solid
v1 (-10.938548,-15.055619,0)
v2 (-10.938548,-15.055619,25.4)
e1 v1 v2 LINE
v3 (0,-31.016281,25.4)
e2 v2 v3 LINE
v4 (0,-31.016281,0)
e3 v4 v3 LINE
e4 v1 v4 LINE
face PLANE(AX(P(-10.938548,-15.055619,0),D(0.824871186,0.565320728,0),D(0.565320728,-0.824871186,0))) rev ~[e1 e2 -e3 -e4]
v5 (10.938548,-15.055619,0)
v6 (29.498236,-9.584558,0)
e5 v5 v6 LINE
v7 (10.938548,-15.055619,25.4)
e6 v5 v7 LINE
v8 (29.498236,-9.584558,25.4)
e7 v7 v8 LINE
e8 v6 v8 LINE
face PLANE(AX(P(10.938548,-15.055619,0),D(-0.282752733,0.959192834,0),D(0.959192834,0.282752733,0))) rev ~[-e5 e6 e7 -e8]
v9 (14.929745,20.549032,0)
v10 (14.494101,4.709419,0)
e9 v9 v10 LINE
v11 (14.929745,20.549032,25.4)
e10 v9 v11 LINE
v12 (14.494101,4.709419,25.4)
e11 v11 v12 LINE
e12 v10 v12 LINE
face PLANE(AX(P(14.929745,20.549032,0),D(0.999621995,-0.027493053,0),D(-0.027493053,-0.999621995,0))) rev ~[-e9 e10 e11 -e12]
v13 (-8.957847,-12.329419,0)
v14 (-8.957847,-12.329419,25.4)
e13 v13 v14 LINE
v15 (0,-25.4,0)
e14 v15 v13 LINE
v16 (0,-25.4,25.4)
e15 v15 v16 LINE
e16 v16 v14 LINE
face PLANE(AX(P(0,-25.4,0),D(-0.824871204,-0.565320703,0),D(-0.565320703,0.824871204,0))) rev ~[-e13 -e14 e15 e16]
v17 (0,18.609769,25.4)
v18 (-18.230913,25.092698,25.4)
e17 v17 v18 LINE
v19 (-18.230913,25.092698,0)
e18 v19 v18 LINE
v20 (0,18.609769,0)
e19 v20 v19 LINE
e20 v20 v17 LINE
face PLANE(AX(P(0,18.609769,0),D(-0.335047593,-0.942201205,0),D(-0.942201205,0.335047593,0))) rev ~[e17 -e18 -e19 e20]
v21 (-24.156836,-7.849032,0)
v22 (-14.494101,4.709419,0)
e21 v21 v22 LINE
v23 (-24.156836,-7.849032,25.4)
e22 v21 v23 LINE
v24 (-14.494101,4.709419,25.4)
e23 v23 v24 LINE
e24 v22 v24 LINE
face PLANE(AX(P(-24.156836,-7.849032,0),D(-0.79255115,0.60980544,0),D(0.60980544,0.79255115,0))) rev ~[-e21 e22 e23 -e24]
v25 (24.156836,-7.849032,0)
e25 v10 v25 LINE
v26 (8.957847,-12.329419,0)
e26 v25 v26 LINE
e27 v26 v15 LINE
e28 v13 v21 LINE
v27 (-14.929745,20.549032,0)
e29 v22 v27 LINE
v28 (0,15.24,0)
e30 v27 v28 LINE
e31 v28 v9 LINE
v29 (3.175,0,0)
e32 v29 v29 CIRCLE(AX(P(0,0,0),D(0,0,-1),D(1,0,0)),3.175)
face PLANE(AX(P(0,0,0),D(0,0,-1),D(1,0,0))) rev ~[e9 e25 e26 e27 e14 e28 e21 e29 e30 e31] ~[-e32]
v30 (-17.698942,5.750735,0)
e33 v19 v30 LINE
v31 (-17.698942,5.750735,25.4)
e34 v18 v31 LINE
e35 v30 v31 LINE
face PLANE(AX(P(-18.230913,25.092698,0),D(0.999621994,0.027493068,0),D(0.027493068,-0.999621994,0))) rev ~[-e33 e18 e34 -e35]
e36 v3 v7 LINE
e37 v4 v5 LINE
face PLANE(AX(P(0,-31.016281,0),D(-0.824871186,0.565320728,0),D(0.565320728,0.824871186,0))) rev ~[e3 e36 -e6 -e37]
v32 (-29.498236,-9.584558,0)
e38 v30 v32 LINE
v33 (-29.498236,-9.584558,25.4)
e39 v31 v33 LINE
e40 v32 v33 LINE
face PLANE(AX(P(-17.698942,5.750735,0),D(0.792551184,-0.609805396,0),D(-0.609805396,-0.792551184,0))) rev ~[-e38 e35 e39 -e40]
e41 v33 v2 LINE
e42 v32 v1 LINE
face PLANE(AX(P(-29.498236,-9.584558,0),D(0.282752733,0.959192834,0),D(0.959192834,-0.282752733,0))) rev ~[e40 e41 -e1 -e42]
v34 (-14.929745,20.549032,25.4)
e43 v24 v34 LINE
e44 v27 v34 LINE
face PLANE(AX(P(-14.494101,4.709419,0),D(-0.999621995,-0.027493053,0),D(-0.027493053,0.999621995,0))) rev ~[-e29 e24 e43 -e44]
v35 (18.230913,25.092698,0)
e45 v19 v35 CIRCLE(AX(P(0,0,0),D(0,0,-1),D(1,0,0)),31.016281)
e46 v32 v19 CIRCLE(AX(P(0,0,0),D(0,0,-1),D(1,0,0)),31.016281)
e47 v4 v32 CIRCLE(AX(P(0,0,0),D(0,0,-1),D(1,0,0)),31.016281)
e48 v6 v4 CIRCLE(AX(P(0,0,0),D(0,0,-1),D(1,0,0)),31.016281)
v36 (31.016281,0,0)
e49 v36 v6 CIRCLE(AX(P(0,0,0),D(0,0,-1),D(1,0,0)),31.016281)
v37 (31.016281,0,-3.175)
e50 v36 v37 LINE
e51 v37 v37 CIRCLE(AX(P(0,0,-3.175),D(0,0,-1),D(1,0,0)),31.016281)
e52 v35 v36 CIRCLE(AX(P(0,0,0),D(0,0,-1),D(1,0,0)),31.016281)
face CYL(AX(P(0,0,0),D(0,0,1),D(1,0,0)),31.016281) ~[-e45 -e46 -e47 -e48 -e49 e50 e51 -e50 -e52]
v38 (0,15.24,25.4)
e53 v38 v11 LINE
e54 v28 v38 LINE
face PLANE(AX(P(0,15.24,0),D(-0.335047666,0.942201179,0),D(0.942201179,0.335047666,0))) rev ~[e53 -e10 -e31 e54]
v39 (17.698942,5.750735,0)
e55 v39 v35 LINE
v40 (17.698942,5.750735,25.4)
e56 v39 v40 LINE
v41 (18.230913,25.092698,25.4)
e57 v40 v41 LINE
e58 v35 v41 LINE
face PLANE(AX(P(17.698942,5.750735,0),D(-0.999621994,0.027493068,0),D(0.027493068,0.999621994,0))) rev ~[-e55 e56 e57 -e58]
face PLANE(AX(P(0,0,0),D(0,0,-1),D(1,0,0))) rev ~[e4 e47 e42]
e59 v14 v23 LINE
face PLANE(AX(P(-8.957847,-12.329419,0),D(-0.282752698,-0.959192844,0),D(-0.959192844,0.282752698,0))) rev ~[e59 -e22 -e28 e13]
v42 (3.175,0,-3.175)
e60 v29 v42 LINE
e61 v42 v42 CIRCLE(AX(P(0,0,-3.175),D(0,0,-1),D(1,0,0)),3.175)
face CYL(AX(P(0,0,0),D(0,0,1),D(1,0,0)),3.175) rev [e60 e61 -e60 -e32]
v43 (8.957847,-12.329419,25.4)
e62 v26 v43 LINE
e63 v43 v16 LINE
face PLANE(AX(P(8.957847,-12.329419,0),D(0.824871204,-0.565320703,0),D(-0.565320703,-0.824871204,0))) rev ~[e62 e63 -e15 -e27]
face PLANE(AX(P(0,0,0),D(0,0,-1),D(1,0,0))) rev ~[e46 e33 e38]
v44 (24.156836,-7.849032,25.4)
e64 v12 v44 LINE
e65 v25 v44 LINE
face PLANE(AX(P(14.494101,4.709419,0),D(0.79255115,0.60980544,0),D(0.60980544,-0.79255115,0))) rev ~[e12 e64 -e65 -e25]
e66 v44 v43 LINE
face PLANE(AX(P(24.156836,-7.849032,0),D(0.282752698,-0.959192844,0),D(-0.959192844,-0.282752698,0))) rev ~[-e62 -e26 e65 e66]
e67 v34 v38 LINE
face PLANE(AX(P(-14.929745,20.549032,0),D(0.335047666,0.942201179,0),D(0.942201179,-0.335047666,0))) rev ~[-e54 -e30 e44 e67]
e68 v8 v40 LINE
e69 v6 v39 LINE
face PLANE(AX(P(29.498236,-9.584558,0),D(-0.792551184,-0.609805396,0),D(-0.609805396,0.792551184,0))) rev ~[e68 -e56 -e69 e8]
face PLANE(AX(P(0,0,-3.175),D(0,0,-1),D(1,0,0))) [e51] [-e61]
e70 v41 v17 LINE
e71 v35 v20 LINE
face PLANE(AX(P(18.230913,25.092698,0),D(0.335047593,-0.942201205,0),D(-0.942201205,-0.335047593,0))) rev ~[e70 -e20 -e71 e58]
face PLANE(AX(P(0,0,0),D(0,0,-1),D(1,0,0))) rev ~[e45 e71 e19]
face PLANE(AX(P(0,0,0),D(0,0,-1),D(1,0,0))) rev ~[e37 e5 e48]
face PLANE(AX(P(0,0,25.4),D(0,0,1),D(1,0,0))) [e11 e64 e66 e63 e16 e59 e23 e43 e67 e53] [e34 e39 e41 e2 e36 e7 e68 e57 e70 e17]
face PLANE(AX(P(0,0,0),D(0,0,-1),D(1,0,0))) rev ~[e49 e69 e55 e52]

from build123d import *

# Parameters (mm, degrees)
F1_DEPTH = 25.4
F2_R     = 31.016281
F2_R_2   = 3.175
F3_DEPTH = 3.175


with BuildPart() as f1:
    # F0 (on Top) → F1 (new body)
    with BuildSketch(Plane.XY):
        Polygon((29.498236, -9.584558), (17.698942, 5.750735), (18.230913, 25.092698), (0, 18.609769), (-18.230913, 25.092698), (-17.698942, 5.750735), (-29.498236, -9.584558), (-10.938548, -15.055619), (0, -31.016281), (10.938548, -15.055619), align=None)
        Polygon((8.957847, -12.329419), (0, -25.4), (-8.957847, -12.329419), (-24.156836, -7.849032), (-14.494101, 4.709419), (-14.929745, 20.549032), (0, 15.24), (14.929745, 20.549032), (14.494101, 4.709419), (24.156836, -7.849032), align=None, mode=Mode.SUBTRACT)
    extrude(amount=F1_DEPTH)

    # F2 (on face) → F3 (join)
    with BuildSketch(Plane(origin=(0, 0, 0), x_dir=(1, 0, 0), z_dir=(0, 0, -1))):
        Circle(F2_R)
        Circle(F2_R_2, mode=Mode.SUBTRACT)
    extrude(amount=F3_DEPTH)


solid = f1.part
